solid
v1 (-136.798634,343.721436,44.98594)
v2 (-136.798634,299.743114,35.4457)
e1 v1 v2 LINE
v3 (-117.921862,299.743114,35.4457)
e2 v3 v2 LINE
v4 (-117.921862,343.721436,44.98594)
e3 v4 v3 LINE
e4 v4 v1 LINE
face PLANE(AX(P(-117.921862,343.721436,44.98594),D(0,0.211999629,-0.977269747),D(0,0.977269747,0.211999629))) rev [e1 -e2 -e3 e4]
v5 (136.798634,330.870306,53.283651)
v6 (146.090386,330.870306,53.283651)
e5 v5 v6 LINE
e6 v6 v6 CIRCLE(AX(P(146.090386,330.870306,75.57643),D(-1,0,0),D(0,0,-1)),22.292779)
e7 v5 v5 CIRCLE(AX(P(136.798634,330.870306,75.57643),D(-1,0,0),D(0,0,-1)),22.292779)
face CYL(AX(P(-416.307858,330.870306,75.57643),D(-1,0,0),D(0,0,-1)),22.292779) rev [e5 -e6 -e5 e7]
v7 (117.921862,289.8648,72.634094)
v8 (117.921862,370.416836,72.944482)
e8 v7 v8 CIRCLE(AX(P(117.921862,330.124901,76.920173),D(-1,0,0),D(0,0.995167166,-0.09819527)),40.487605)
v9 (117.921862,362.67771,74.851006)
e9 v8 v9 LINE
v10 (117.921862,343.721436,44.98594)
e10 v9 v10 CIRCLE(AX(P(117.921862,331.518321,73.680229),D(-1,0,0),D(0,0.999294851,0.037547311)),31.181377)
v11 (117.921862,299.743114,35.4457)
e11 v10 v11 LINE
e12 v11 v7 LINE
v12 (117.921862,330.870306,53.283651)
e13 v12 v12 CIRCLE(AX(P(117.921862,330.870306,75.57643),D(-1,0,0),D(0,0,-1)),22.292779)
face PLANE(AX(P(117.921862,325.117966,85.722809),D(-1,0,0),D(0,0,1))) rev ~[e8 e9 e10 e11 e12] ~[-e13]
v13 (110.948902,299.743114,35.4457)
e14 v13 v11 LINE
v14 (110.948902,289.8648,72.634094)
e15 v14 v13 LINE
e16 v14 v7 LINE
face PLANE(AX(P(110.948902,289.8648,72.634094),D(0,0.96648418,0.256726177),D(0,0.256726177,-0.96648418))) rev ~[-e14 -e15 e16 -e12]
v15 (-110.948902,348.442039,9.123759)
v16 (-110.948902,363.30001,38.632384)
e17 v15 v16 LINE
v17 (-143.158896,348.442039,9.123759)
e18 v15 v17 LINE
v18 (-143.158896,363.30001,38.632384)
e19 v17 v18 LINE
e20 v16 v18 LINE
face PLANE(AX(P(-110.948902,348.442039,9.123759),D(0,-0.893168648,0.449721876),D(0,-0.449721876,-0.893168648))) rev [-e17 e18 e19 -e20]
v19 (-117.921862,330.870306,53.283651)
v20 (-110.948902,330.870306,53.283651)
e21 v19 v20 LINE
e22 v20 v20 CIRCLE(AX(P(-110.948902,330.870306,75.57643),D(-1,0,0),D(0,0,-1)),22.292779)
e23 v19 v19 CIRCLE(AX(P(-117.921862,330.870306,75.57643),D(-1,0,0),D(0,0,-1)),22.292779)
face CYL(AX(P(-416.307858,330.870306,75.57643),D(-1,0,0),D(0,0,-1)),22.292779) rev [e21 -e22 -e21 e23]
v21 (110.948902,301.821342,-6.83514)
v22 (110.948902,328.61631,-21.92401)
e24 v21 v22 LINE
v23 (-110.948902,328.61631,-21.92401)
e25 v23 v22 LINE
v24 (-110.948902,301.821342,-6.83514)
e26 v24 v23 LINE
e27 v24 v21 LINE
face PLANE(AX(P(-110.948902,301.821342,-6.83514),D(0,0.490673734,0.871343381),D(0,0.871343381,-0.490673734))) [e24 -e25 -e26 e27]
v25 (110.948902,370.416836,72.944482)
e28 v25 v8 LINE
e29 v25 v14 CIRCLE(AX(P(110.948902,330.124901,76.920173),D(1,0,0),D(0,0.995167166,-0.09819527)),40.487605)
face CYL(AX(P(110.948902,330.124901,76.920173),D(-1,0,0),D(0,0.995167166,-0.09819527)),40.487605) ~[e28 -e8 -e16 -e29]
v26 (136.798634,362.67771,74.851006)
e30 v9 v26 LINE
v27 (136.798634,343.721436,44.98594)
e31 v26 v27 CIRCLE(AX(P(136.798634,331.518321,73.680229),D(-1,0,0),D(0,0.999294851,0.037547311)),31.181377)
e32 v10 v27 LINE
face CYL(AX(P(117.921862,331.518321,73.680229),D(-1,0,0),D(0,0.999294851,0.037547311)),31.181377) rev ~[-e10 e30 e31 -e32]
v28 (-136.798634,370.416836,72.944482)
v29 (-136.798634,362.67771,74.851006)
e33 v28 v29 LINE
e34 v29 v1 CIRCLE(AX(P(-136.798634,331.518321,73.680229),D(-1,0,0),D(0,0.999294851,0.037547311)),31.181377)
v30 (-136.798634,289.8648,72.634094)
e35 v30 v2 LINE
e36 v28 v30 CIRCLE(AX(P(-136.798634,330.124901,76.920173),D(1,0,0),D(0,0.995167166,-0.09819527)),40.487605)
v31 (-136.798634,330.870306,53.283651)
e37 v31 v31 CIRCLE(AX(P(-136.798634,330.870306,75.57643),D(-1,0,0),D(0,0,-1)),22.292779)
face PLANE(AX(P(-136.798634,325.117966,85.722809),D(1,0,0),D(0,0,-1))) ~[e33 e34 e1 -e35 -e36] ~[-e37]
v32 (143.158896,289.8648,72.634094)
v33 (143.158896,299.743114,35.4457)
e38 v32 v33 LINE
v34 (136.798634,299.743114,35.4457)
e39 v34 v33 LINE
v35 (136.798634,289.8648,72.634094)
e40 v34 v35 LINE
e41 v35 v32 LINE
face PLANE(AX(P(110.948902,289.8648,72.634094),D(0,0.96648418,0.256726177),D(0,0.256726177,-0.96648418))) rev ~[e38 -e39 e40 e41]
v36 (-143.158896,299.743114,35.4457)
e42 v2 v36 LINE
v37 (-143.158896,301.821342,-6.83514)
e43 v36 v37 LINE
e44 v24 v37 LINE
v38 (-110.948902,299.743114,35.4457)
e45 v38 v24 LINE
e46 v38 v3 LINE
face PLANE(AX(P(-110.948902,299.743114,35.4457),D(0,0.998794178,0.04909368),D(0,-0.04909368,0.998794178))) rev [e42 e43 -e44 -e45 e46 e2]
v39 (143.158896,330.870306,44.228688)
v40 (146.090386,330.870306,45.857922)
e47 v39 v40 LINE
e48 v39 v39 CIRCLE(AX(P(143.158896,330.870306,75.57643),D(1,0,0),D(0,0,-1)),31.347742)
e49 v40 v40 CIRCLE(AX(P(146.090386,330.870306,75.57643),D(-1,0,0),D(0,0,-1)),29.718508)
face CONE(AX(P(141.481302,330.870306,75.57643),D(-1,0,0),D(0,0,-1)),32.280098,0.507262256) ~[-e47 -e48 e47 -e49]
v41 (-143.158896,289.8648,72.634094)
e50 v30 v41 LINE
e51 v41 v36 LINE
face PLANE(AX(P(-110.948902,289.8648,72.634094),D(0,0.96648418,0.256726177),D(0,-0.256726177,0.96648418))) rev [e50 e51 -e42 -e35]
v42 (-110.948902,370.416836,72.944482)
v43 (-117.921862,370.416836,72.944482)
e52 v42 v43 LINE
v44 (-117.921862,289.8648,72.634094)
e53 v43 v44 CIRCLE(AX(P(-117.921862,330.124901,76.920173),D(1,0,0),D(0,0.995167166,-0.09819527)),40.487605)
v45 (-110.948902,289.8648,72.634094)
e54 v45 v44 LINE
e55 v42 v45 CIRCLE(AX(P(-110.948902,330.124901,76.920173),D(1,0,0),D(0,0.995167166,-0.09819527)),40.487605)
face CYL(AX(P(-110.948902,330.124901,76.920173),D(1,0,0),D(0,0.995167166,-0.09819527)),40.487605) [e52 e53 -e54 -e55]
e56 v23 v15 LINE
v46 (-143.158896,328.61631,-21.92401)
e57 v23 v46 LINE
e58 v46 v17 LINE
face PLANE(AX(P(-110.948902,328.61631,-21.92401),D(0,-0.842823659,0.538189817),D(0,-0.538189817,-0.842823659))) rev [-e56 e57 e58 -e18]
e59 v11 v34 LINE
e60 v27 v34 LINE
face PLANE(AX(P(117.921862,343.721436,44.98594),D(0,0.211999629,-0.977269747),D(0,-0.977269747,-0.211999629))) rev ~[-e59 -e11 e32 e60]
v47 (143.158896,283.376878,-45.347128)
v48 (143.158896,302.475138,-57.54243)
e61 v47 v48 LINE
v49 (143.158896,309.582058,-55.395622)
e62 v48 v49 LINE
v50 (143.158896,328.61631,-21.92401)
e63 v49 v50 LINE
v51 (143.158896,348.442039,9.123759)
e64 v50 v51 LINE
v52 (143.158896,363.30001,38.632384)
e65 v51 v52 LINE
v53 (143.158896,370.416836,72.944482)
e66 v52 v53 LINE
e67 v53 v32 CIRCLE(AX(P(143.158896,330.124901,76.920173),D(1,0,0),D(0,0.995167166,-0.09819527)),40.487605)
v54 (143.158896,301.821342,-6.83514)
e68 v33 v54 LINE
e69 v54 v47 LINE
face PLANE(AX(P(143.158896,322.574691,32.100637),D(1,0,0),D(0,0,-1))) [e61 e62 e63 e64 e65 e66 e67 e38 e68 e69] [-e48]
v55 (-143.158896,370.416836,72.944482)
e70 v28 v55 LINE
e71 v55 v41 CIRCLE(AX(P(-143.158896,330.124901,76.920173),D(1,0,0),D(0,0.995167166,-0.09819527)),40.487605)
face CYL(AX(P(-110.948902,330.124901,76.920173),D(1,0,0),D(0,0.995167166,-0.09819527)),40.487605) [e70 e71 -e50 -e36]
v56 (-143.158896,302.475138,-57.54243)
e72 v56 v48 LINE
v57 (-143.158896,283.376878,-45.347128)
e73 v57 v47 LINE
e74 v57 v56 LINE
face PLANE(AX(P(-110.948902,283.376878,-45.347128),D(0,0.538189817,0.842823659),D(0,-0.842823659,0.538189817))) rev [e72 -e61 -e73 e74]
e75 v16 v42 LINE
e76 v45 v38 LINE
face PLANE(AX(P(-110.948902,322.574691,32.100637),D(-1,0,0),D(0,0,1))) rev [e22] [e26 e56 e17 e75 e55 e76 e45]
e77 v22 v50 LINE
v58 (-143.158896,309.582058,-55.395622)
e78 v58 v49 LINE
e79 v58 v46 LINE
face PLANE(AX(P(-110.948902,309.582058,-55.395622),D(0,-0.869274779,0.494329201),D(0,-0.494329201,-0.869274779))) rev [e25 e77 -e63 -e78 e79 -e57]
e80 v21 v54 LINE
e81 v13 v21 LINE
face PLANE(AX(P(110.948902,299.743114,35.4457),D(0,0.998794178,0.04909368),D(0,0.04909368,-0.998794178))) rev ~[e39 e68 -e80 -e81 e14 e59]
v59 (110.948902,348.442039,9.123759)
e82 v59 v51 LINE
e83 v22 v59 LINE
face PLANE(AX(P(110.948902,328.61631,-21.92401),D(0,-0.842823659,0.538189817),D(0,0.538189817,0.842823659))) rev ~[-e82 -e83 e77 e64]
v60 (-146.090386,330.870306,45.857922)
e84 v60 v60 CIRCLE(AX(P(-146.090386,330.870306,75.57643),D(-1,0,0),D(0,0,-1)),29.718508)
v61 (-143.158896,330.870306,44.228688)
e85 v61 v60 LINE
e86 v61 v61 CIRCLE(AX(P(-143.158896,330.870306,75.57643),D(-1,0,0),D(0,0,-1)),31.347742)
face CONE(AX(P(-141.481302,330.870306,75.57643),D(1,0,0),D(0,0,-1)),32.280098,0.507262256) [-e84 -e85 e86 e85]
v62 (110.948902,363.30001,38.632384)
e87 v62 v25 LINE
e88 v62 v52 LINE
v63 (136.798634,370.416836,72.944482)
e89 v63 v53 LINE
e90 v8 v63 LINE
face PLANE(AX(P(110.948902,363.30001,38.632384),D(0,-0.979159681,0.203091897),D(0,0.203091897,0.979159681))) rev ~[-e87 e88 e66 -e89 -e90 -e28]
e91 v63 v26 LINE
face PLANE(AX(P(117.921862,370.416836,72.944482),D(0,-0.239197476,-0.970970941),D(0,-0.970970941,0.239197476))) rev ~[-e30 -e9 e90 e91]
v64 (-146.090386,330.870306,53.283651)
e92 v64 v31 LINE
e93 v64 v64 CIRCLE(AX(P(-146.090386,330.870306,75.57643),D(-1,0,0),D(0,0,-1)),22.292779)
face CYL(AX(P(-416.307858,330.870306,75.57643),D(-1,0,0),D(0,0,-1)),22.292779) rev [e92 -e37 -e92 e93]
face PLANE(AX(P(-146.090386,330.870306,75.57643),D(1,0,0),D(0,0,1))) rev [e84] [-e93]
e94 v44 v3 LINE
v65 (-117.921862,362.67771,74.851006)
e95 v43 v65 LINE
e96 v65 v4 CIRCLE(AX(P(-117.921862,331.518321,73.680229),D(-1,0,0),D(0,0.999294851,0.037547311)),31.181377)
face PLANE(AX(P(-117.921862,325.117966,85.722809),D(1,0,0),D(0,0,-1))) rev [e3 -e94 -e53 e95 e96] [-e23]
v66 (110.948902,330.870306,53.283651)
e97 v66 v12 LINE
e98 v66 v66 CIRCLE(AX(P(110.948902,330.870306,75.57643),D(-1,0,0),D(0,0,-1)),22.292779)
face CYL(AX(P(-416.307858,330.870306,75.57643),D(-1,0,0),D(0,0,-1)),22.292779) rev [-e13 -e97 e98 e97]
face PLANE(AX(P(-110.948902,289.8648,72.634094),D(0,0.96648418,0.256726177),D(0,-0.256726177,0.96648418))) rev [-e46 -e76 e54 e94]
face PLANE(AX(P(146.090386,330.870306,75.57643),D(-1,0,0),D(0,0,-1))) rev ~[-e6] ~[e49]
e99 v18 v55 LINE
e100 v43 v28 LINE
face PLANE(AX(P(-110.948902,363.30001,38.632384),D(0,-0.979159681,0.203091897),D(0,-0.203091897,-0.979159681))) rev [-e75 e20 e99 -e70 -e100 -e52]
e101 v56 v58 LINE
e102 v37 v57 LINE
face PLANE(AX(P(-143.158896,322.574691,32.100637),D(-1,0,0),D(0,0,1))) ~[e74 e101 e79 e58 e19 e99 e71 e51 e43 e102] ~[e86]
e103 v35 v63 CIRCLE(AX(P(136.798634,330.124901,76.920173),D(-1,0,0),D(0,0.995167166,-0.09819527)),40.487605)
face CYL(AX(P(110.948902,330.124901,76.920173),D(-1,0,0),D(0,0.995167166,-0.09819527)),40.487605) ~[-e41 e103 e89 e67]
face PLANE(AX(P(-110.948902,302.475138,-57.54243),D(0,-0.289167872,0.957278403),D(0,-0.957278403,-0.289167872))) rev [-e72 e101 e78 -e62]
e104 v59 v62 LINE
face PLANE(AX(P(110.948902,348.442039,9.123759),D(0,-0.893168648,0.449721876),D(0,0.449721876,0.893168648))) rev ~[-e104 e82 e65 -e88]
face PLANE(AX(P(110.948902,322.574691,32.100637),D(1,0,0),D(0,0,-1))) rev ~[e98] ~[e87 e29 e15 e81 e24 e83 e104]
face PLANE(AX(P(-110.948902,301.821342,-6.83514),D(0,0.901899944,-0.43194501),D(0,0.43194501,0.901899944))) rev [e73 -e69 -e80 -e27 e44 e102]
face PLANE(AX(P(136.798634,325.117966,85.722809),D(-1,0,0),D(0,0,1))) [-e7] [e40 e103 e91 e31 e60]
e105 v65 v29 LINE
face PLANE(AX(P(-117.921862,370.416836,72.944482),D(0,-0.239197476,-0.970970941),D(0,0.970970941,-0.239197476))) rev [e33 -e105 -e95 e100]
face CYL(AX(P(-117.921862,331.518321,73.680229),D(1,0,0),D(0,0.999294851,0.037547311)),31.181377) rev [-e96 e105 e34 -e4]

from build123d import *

# Parameters (mm, degrees)
BOSS_EXTRUDE1_DEPTH      = 110.9489018
BOSS_EXTRUDE1_DEPTH_BACK = 110.9489018
BOSS_EXTRUDE2_DEPTH      = 32.209994
CUT_EXTRUDE1_DEPTH       = 18.876772
CUT_EXTRUDE2_DEPTH       = 416.307857918
CUT_EXTRUDE2_DEPTH_BACK  = 416.307857918
SKETCH5_R                = 22.292778643


with BuildPart() as part:
    # Sketch1 → Boss-Extrude1 (new, two sides: drawn at the far end of the back side and taken through both)
    with BuildSketch(Plane(origin=(0, 0, 0), x_dir=(0, 0, -1), z_dir=(1, 0, 0)).offset(-BOSS_EXTRUDE1_DEPTH_BACK)):
        Polygon((6.83514, 301.821342), (21.92401, 328.61631), (55.395622, 309.582058), (57.54243, 302.475138), (45.347128, 283.376878), align=None)
    extrude(amount=BOSS_EXTRUDE1_DEPTH + BOSS_EXTRUDE1_DEPTH_BACK)

    # Sketch2 → Boss-Extrude2 (add)
    with BuildSketch(Plane(origin=(110.9489018, 0, 0), x_dir=(0, 0, -1), z_dir=(1, 0, 0))):
        with BuildLine():
            Line((6.83514, 301.821342), (45.347128, 283.376878))
            Line((45.347128, 283.376878), (57.54243, 302.475138))
            Line((57.54243, 302.475138), (55.395622, 309.582058))
            Line((55.395622, 309.582058), (21.92401, 328.61631))
            Line((21.92401, 328.61631), (-9.123759242, 348.442038748))
            Line((-9.123759242, 348.442038748), (-38.632384, 363.30001))
            Line((-38.632384, 363.30001), (-72.944482, 370.416836))
            ThreePointArc((-72.944482, 370.416836), (-117.407477991, 329.968892479), (-72.634094, 289.8648))
            Line((-72.634094, 289.8648), (-35.4457, 299.743114))
            Line((-35.4457, 299.743114), (6.83514, 301.821342))
        make_face()
    boss_extrude2 = extrude(amount=BOSS_EXTRUDE2_DEPTH)

    # Sketch3 → Cut-Extrude1 (cut)
    with BuildSketch(Plane(origin=(117.9218622, 0, 0), x_dir=(0, 0, -1), z_dir=(1, 0, 0))):
        with BuildLine():
            Line((-72.944482, 370.416836), (-74.851006, 362.67771))
            ThreePointArc((-74.851006, 362.67771), (-56.970321512, 357.844301113), (-44.98594, 343.721436))
            Line((-44.98594, 343.721436), (-35.4457, 299.743114))
            Line((-35.4457, 299.743114), (-71.143283627, 263.85225615))
            Line((-71.143283627, 263.85225615), (-147.020328304, 329.117126747))
            Line((-147.020328304, 329.117126747), (-87.829159197, 385.301513197))
            Line((-87.829159197, 385.301513197), (-72.944482, 370.416836))
        make_face()
    cut_extrude1 = extrude(amount=CUT_EXTRUDE1_DEPTH, mode=Mode.SUBTRACT)

    # Sketch4 → Revolve1 (revolve)
    with BuildSketch(Plane.XY.offset(75.57643), mode=Mode.PRIVATE) as revolve1_sk:
        Polygon((141.481302, 363.150404), (146.090386, 360.588814), (146.090386, 330.870306), (141.481302, 330.870306), align=None)
    revolve1 = revolve(revolve1_sk.sketch.rotate(Axis((146.090386, 330.870306, 75.57643), (-1, 0, 0)), 90), axis=Axis((146.090386, 330.870306, 75.57643), (-1, 0, 0)))

    # Mirror1: Boss-Extrude2, Cut-Extrude1, Revolve1 across plane
    add(boss_extrude2.mirror(Plane(origin=(0, 0, 0), x_dir=(0, 0, 1), z_dir=(1, 0, 0))))
    add(cut_extrude1.mirror(Plane(origin=(0, 0, 0), x_dir=(0, 0, 1), z_dir=(1, 0, 0))), mode=Mode.SUBTRACT)
    add(revolve1.mirror(Plane(origin=(0, 0, 0), x_dir=(0, 0, 1), z_dir=(1, 0, 0))))

    # Sketch5 → Cut-Extrude2 (cut, two sides: drawn at the far end of the back side and taken through both)
    with BuildSketch(Plane(origin=(0, 0, 0), x_dir=(0, 0, -1), z_dir=(1, 0, 0)).offset(-CUT_EXTRUDE2_DEPTH_BACK)):
        with Locations((-75.57643, 330.870306)):
            Circle(SKETCH5_R)
    extrude(amount=CUT_EXTRUDE2_DEPTH + CUT_EXTRUDE2_DEPTH_BACK, mode=Mode.SUBTRACT)


solid = part.part
